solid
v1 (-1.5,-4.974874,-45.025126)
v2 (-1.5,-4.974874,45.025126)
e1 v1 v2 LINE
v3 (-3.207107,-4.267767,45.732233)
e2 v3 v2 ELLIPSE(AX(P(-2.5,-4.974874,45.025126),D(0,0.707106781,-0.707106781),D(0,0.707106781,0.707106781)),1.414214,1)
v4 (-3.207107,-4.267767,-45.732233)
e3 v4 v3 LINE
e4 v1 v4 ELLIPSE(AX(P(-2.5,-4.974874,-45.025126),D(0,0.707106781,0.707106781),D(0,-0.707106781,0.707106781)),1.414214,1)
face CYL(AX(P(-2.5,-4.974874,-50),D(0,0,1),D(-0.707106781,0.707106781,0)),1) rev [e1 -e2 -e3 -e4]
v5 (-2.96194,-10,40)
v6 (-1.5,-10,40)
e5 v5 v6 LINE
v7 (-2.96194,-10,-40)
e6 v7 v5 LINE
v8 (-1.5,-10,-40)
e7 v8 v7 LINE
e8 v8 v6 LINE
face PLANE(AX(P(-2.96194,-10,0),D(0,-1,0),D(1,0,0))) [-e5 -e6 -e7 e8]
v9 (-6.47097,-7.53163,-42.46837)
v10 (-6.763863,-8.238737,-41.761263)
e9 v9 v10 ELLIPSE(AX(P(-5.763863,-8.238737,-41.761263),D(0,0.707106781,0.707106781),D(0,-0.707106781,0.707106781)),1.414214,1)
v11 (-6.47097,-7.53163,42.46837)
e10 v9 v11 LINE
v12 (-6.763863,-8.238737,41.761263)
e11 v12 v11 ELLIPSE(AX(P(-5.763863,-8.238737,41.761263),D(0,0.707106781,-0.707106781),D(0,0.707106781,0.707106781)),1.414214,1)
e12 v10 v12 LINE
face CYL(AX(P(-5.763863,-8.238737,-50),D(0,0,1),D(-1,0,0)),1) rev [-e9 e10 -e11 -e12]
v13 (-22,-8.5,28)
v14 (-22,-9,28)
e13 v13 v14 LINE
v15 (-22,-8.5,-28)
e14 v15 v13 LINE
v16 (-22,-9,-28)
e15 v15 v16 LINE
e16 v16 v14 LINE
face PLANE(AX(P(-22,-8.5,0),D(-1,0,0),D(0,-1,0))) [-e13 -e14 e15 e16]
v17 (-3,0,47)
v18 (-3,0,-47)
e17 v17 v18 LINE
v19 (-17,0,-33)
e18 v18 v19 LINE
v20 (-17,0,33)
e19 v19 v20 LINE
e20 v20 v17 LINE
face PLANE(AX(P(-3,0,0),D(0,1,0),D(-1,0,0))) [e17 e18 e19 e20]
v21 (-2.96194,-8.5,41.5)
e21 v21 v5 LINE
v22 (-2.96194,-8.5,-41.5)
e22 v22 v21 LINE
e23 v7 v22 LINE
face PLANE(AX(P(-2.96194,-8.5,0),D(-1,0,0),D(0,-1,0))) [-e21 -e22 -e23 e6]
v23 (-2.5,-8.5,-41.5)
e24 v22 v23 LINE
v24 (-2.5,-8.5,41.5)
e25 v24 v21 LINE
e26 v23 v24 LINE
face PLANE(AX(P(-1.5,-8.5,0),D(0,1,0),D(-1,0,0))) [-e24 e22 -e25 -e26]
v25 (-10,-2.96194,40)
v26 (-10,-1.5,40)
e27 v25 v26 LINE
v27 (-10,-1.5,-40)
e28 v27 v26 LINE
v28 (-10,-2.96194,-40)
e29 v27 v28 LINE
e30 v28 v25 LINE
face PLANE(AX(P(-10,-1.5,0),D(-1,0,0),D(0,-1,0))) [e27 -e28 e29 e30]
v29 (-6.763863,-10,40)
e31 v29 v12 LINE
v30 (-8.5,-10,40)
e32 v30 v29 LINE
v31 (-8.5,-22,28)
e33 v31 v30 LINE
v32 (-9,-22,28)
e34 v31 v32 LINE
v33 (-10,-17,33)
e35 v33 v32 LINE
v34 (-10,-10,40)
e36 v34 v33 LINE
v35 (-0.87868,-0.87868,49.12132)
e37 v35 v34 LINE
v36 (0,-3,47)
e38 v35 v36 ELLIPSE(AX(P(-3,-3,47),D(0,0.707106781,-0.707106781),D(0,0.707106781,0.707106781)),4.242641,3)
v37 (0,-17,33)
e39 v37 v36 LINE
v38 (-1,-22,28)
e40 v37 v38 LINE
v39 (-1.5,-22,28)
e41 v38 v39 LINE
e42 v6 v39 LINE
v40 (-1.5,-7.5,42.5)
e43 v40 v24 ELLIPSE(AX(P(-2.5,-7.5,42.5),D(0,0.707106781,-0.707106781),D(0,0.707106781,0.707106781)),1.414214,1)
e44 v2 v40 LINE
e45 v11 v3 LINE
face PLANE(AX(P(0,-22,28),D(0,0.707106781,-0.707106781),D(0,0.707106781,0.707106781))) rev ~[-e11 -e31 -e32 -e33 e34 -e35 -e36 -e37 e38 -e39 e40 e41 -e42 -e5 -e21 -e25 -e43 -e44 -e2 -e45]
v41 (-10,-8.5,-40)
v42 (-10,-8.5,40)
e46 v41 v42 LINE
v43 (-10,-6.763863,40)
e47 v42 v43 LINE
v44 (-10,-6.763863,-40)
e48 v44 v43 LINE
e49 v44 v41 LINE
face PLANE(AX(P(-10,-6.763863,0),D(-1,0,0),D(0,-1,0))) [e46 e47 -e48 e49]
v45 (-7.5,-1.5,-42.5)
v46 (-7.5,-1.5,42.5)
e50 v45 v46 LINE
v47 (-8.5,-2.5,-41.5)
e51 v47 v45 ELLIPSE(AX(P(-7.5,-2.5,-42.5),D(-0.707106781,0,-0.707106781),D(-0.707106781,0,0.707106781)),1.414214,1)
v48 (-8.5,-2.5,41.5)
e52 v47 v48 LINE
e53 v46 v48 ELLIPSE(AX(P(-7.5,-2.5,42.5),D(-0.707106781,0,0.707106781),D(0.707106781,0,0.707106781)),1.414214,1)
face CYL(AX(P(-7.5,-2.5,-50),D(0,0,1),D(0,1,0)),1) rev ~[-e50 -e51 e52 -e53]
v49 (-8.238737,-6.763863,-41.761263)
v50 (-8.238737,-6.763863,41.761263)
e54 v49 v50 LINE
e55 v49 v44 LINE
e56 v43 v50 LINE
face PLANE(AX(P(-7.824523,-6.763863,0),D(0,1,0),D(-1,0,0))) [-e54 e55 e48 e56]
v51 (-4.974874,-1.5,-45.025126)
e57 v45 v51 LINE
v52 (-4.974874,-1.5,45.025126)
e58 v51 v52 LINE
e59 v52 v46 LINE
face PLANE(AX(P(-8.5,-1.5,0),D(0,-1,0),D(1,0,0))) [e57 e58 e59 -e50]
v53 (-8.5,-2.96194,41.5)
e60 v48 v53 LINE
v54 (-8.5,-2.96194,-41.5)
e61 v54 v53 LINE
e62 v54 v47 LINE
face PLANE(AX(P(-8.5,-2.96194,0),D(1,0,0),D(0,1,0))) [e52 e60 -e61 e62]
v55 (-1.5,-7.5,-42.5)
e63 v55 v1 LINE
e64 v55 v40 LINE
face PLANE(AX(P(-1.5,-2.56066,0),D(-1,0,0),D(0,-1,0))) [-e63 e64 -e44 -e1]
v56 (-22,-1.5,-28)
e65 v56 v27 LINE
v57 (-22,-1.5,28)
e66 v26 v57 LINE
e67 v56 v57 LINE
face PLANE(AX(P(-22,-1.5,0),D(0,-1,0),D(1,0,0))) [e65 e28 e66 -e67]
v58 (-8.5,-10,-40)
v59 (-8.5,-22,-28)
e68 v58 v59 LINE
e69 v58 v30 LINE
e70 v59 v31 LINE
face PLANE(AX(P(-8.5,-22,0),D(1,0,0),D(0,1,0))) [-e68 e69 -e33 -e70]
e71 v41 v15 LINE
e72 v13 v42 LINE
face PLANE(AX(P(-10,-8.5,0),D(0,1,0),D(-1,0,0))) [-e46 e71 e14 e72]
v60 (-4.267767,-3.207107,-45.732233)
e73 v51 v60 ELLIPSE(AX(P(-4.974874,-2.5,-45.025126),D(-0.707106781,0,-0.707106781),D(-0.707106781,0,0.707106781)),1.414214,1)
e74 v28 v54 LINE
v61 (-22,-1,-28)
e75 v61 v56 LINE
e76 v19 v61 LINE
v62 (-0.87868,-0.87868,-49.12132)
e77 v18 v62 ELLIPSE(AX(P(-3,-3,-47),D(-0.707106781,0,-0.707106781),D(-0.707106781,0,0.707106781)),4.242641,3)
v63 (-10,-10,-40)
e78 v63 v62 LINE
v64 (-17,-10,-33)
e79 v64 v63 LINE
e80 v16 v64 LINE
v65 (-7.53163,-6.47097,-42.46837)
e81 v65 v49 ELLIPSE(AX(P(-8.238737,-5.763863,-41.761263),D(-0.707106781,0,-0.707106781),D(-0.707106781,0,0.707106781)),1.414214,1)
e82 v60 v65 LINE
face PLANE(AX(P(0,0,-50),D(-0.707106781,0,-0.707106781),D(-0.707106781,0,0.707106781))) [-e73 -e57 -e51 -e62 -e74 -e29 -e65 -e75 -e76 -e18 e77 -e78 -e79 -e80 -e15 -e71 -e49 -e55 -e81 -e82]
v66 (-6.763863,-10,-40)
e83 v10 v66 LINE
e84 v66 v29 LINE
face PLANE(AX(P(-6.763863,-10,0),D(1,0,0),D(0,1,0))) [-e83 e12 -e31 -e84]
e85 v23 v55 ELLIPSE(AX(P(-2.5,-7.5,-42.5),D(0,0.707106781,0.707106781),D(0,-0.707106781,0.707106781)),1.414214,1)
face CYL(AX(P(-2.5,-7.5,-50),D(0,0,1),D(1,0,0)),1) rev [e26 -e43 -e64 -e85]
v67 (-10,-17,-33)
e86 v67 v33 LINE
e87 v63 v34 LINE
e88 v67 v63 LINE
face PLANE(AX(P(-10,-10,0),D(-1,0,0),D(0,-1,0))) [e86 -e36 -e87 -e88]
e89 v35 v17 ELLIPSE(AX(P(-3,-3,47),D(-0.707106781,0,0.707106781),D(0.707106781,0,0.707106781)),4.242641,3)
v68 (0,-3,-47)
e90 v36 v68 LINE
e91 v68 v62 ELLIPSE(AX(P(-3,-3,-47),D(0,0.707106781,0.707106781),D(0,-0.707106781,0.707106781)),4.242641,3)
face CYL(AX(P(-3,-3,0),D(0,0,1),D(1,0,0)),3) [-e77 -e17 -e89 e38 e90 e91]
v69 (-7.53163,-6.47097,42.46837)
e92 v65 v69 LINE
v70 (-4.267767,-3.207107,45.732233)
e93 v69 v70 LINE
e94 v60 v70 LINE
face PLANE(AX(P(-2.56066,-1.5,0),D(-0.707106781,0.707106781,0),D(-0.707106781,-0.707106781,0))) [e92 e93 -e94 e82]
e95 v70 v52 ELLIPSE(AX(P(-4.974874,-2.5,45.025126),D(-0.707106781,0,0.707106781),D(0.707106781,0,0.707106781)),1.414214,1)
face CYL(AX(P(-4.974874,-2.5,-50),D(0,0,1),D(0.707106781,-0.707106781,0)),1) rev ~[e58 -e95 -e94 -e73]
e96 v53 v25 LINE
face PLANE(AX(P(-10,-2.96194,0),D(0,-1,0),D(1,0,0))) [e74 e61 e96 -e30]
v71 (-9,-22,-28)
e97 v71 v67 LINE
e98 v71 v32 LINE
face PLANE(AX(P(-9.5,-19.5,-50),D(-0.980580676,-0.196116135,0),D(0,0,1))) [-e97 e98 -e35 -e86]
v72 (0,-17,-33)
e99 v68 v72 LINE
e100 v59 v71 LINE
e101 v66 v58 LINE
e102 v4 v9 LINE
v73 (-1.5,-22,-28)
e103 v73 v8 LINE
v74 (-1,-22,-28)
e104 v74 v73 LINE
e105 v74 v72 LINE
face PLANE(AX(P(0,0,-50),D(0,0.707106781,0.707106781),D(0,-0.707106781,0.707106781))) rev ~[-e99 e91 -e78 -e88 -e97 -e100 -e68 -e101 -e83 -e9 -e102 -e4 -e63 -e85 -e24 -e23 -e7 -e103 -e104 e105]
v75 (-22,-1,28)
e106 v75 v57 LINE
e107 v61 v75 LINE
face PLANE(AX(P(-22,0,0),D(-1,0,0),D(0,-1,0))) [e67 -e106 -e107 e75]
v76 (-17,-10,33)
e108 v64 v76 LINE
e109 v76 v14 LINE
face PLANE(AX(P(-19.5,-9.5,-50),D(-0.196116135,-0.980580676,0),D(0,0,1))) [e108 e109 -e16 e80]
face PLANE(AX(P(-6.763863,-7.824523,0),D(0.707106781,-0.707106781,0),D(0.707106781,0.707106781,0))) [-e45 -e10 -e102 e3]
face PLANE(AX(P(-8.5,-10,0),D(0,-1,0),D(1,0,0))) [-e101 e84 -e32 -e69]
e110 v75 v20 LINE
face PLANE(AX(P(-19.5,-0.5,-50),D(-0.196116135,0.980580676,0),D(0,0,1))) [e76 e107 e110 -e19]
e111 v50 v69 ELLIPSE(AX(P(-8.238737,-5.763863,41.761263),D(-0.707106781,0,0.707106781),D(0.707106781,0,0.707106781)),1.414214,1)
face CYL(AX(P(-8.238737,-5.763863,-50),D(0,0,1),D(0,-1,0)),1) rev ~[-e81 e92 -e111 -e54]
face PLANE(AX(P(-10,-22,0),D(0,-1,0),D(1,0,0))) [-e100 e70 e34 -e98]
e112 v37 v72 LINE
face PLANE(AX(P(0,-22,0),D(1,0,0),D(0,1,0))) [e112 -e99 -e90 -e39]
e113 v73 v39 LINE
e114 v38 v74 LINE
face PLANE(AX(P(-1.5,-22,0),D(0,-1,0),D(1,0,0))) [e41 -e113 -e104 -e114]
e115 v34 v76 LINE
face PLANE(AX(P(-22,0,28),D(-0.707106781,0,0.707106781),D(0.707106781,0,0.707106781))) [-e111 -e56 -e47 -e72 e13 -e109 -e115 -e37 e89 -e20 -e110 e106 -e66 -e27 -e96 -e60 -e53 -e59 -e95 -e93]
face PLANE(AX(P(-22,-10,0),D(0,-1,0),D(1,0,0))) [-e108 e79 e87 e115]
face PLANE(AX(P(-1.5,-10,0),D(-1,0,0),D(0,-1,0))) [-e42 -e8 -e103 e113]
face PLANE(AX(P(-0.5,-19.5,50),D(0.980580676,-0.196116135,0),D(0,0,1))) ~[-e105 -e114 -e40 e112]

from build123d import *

# Parameters (mm, degrees)
F1_DEPTH   = 50
F2_SIZE2   = 1
F2_SIZE    = 5
F2_2_SIZE2 = 1
F2_2_SIZE  = 5
F3_SIZE2   = 5
F3_SIZE    = 1
F3_2_SIZE2 = 5
F3_2_SIZE  = 1
F4_R       = 1
F7_DEPTH   = 25
F8_DEPTH   = 25


with BuildPart() as f1:
    # F0 (on Top) → F1 (new body, symmetric)
    with BuildSketch(Plane.XY):
        with BuildLine():
            Line((-3, 0), (-22, 0))
            Line((-22, 0), (-22, -1.5))
            Line((-22, -1.5), (-10, -1.5))
            Line((-10, -1.5), (-10, -2.9619401321))
            Line((-10, -2.9619401321), (-8.5, -2.9619401321))
            Line((-8.5, -2.9619401321), (-8.5, -1.5))
            Line((-8.5, -1.5), (-2.5606601718, -1.5))
            Line((-2.5606601718, -1.5), (-7.8245233162, -6.7638631444))
            Line((-7.8245233162, -6.7638631444), (-10, -6.7638631444))
            Line((-10, -6.7638631444), (-10, -8.5))
            Line((-10, -8.5), (-22, -8.5))
            Line((-22, -8.5), (-22, -10))
            Line((-22, -10), (-10, -10))
            Line((-10, -10), (-10, -22))
            Line((-10, -22), (-8.5, -22))
            Line((-8.5, -22), (-8.5, -10))
            Line((-8.5, -10), (-6.7638631444, -10))
            Line((-6.7638631444, -10), (-6.7638631444, -7.8245233162))
            Line((-6.7638631444, -7.8245233162), (-1.5, -2.5606601718))
            Line((-1.5, -2.5606601718), (-1.5, -8.5))
            Line((-1.5, -8.5), (-2.9619401321, -8.5))
            Line((-2.9619401321, -8.5), (-2.9619401321, -10))
            Line((-2.9619401321, -10), (-1.5, -10))
            Line((-1.5, -10), (-1.5, -22))
            Line((-1.5, -22), (0, -22))
            Line((0, -22), (0, -3))
            ThreePointArc((0, -3), (-0.8786796564, -0.8786796564), (-3, 0))
        make_face()
    extrude(amount=F1_DEPTH, both=True)

    # F2
    f2_edges = [f1.edges().sort_by_distance(p)[0] for p in [
        (-22, -10, 0),
    ]]
    f2_side = f1.faces().sort_by_distance((-16, -10, 0))[0]
    chamfer(f2_edges, length=F2_SIZE, length2=F2_SIZE2, reference=f2_side)

    # F2#2
    f2_2_edges = [f1.edges().sort_by_distance(p)[0] for p in [
        (0, -22, 0),
    ]]
    f2_2_side = f1.faces().sort_by_distance((0, -12.5, 0))[0]
    chamfer(f2_2_edges, length=F2_2_SIZE, length2=F2_2_SIZE2, reference=f2_2_side)

    # F3
    f3_edges = [f1.edges().sort_by_distance(p)[0] for p in [
        (-22, 0, 0),
    ]]
    f3_side = f1.faces().sort_by_distance((-22, -0.75, 0))[0]
    chamfer(f3_edges, length=F3_SIZE, length2=F3_SIZE2, reference=f3_side)

    # F3#2
    f3_2_edges = [f1.edges().sort_by_distance(p)[0] for p in [
        (-10, -22, 0),
    ]]
    f3_2_side = f1.faces().sort_by_distance((-9.25, -22, 0))[0]
    chamfer(f3_2_edges, length=F3_2_SIZE, length2=F3_2_SIZE2, reference=f3_2_side)

    # F4
    f4_edges = [f1.edges().sort_by_distance(p)[0] for p in [
        (-2.56066, -1.5, 0),
        (-1.5, -2.56066, 0),
        (-6.763863, -7.824523, 0),
        (-7.824523, -6.763863, 0),
        (-1.5, -8.5, 0),
        (-8.5, -1.5, 0),
    ]]
    fillet(f4_edges, radius=F4_R)

    # F5 (on Front) → F7 (cut)
    with BuildSketch(Plane.XZ):
        Polygon((0, 50), (-22, 50), (-22, 28), align=None)
        Polygon((-22, -28), (-22, -50), (0, -50), align=None)
    extrude(amount=F7_DEPTH, mode=Mode.SUBTRACT)

    # F6 (on Right) → F8 (cut)
    with BuildSketch(Plane.YZ):
        Polygon((-22, 28), (0, 50), (-22, 50), align=None)
        Polygon((-22, -50), (0, -50), (-22, -28), align=None)
    extrude(amount=-F8_DEPTH, mode=Mode.SUBTRACT)


solid = f1.part
